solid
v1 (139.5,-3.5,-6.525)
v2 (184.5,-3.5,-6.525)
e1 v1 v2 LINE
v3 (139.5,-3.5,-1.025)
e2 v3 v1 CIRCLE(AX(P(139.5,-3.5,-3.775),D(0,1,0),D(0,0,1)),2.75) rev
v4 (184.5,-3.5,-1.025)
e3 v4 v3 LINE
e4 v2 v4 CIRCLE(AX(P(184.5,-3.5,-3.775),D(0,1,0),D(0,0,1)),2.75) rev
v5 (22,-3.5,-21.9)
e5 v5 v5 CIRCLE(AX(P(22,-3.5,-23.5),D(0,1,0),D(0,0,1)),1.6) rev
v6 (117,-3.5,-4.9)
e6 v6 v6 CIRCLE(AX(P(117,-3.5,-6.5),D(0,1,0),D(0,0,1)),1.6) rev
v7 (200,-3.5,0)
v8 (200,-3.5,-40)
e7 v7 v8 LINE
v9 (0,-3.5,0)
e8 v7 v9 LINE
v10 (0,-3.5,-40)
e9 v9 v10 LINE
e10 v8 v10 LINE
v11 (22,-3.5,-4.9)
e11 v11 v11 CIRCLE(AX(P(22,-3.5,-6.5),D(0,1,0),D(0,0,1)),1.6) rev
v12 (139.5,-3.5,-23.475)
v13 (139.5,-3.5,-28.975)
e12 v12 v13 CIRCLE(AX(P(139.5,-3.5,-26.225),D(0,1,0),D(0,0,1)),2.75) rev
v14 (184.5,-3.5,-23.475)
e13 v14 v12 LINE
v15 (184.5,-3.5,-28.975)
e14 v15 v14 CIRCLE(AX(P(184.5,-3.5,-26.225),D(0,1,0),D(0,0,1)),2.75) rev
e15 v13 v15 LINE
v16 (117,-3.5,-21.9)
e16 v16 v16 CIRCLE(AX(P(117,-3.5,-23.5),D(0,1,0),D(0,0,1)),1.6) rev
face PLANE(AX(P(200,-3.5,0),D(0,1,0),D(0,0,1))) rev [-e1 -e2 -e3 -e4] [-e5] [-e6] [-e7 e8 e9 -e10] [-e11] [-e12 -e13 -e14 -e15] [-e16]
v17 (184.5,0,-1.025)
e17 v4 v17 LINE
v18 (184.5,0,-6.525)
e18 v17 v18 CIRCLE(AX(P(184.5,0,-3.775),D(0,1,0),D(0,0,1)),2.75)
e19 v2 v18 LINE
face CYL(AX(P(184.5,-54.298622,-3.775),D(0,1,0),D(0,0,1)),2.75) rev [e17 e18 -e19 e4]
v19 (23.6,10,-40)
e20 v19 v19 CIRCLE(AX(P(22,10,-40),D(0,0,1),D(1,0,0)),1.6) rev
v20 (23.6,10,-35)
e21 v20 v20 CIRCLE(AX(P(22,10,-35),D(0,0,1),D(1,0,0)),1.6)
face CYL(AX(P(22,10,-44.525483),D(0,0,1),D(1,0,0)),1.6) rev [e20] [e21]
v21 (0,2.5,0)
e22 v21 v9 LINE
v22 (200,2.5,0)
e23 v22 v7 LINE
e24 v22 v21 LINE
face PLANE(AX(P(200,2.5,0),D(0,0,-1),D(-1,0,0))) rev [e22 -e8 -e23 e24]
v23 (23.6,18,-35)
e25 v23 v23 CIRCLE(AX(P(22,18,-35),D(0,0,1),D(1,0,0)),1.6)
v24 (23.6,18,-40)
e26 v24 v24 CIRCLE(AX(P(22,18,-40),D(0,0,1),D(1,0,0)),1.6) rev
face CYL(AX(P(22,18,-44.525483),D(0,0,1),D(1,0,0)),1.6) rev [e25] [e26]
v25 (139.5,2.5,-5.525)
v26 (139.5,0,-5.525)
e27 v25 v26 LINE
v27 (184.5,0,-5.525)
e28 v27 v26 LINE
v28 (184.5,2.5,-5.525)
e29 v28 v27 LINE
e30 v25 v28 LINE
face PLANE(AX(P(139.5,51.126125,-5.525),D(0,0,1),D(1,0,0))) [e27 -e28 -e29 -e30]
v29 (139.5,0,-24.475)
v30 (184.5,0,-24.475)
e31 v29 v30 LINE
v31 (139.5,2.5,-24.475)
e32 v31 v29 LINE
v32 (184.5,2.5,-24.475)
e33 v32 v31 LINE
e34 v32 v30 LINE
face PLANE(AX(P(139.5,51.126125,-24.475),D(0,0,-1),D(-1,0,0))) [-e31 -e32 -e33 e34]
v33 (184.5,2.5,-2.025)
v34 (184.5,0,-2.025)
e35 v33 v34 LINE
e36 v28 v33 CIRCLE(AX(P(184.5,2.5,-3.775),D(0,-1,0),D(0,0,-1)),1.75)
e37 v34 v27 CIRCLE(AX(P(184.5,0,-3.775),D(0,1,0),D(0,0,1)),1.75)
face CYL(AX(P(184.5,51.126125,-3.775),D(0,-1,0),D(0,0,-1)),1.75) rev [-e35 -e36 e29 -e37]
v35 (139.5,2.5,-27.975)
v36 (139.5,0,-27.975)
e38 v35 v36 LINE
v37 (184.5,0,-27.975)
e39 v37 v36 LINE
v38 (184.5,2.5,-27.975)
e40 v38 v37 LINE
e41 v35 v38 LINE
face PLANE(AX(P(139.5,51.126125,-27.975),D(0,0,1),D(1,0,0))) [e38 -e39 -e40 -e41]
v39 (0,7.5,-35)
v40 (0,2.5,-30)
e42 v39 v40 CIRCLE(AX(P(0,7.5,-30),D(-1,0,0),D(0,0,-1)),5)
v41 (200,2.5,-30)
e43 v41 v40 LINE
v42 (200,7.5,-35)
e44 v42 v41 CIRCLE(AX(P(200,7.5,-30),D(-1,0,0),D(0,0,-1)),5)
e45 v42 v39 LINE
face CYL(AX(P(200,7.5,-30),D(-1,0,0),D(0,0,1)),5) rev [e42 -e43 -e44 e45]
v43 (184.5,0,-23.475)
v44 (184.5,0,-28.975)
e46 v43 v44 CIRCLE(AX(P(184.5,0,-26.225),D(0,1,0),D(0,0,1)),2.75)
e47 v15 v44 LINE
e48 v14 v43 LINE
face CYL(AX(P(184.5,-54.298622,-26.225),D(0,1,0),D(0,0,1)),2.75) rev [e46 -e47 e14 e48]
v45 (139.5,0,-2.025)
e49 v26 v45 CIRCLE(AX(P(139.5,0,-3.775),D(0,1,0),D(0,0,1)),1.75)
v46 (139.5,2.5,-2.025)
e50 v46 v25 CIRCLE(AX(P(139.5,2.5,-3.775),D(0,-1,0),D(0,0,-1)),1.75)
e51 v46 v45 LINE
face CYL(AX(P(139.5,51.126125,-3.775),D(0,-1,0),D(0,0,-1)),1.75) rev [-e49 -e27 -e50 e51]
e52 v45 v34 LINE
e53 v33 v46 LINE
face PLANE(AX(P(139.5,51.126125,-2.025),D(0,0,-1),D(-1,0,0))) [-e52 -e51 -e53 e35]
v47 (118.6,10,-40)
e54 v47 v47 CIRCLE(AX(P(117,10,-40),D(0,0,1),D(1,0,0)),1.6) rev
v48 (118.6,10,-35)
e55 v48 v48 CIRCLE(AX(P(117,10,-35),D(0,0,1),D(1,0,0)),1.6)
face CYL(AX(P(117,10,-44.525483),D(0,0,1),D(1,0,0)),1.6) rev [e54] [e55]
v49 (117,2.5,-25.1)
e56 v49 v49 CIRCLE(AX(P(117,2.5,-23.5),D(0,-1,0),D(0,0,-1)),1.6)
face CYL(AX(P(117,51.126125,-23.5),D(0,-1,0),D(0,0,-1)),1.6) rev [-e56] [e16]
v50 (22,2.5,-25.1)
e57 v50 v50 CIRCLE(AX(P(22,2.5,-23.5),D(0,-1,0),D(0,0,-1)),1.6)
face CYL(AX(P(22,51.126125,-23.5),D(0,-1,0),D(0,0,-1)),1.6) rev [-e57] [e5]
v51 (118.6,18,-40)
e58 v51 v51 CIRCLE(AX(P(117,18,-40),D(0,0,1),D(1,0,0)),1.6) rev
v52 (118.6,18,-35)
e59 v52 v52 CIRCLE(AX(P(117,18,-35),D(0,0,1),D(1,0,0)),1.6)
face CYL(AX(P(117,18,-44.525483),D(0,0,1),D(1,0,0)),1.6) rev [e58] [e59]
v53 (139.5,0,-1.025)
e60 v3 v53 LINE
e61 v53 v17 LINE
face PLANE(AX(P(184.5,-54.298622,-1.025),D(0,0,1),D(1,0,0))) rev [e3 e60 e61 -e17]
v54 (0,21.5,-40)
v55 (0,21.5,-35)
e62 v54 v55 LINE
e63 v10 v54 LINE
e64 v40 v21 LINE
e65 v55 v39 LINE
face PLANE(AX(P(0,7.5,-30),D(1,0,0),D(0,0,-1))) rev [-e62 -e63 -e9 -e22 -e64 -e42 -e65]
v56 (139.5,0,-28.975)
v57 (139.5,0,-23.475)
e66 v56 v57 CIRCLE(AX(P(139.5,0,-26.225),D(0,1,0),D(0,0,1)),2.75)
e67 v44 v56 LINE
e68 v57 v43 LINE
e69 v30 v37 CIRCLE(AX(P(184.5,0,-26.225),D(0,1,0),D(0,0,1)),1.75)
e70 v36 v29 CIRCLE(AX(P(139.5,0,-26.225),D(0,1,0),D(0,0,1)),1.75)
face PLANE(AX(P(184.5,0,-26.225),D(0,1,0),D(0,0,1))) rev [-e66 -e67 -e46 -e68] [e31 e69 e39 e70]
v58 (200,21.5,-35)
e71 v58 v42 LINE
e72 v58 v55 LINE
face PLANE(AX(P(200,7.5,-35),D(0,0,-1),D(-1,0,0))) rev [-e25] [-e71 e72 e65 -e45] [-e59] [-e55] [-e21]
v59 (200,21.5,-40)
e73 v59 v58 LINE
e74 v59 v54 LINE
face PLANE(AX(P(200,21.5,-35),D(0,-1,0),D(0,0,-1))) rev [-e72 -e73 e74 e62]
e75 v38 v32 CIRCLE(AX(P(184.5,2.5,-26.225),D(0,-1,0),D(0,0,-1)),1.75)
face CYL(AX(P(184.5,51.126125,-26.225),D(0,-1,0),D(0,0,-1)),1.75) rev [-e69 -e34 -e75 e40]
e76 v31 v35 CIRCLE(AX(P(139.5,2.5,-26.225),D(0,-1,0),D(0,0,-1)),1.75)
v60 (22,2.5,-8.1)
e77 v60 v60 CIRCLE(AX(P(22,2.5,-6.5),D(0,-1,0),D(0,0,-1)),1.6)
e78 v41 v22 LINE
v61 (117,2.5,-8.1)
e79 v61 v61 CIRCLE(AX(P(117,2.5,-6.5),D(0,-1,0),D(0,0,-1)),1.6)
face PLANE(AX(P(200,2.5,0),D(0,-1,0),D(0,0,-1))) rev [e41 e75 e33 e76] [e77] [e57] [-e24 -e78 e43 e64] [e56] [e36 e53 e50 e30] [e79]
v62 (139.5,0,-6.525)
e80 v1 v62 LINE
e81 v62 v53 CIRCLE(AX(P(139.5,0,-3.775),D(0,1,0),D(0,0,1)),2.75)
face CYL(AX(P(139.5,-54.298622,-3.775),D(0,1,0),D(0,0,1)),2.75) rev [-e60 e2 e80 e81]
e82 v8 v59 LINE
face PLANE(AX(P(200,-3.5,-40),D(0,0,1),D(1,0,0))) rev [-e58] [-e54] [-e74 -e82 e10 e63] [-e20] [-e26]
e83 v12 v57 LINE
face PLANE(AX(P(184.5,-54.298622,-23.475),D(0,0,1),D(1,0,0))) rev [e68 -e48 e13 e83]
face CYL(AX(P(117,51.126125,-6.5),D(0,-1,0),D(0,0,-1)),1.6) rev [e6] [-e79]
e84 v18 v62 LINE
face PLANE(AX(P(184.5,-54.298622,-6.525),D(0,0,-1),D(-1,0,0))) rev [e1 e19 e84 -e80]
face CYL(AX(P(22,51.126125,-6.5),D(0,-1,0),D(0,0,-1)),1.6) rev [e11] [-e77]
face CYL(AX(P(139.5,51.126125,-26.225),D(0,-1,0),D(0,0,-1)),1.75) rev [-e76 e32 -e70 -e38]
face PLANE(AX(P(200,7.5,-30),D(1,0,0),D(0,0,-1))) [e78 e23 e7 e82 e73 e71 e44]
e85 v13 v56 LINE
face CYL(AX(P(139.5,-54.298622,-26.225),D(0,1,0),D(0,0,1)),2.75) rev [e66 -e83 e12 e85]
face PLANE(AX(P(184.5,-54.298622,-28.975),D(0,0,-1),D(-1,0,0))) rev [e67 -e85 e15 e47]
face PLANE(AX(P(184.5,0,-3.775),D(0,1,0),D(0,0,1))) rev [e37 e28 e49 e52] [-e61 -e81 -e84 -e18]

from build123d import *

# Parameters (mm, degrees)
BOSS_EXTRUDE8_DEPTH = 200
SKETCH4_R           = 1.6
CUT_EXTRUDE1_DEPTH  = 2.5
CUT_EXTRUDE2_START  = -3.5
SKETCH5_R           = 1.6
CUT_EXTRUDE2_DEPTH  = 3.5
SKETCH7_R           = 1.6
CUT_EXTRUDE3_DEPTH  = 5


with BuildPart() as part:
    # Sketch6 → Boss-Extrude8 (new body)
    with BuildSketch(Plane(origin=(0, 0, 0), x_dir=(0, 0, -1), z_dir=(1, 0, 0))):
        with BuildLine():
            Line((0, 2.5), (30, 2.5))
            ThreePointArc((30, 2.5), (33.535533906, 3.964466094), (35, 7.5))
            Line((35, 7.5), (35, 21.5))
            Line((35, 21.5), (40, 21.5))
            Line((40, 21.5), (40, -3.5))
            Line((40, -3.5), (0, -3.5))
            Line((0, -3.5), (0, 2.5))
        make_face()
    extrude(amount=BOSS_EXTRUDE8_DEPTH)

    # Sketch4 → Cut-Extrude1 (cut)
    with BuildSketch(Plane(origin=(0, 0, 0), x_dir=(1, 0, 0), z_dir=(0, 1, 0))):
        with Locations(Location((22, 23.5, 0), (0, 0, 90))):
            Circle(SKETCH4_R)
        with Locations(Location((22, 6.5, 0), (0, 0, 90))):
            Circle(SKETCH4_R)
        with Locations(Location((117, 23.5, 0), (0, 0, 90))):
            Circle(SKETCH4_R)
        with Locations(Location((117, 6.5, 0), (0, 0, 90))):
            Circle(SKETCH4_R)
        with BuildLine():
            Line((139.5, 27.975), (184.5, 27.975))
            ThreePointArc((184.5, 27.975), (186.25, 26.225), (184.5, 24.475))
            Line((184.5, 24.475), (139.5, 24.475))
            ThreePointArc((139.5, 24.475), (137.75, 26.225), (139.5, 27.975))
        make_face()
        with BuildLine():
            Line((139.5, 5.525), (184.5, 5.525))
            ThreePointArc((184.5, 5.525), (186.25, 3.775), (184.5, 2.025))
            Line((184.5, 2.025), (139.5, 2.025))
            ThreePointArc((139.5, 2.025), (137.75, 3.775), (139.5, 5.525))
        make_face()
    extrude(amount=CUT_EXTRUDE1_DEPTH, mode=Mode.SUBTRACT)

    # Sketch5 → Cut-Extrude2 (cut)
    with BuildSketch(Plane(origin=(0, 0, 0), x_dir=(1, 0, 0), z_dir=(0, 1, 0)).offset(CUT_EXTRUDE2_START)):
        with Locations(Location((22, 23.5, 0), (0, 0, 90))):
            Circle(SKETCH5_R)
        with Locations(Location((22, 6.5, 0), (0, 0, 90))):
            Circle(SKETCH5_R)
        with Locations(Location((117, 23.5, 0), (0, 0, 90))):
            Circle(SKETCH5_R)
        with Locations(Location((117, 6.5, 0), (0, 0, 90))):
            Circle(SKETCH5_R)
        with BuildLine():
            Line((184.5, 23.475), (139.5, 23.475))
            ThreePointArc((139.5, 23.475), (136.75, 26.225), (139.5, 28.975))
            Line((139.5, 28.975), (184.5, 28.975))
            ThreePointArc((184.5, 28.975), (187.25, 26.225), (184.5, 23.475))
        make_face()
        with BuildLine():
            Line((184.5, 1.025), (139.5, 1.025))
            ThreePointArc((139.5, 1.025), (136.75, 3.775), (139.5, 6.525))
            Line((139.5, 6.525), (184.5, 6.525))
            ThreePointArc((184.5, 6.525), (187.25, 3.775), (184.5, 1.025))
        make_face()
    extrude(amount=CUT_EXTRUDE2_DEPTH, mode=Mode.SUBTRACT)

    # Sketch7 → Cut-Extrude3 (cut)
    with BuildSketch(Plane.XY.offset(-35)):
        with Locations((22, 10)):
            Circle(SKETCH7_R)
        with Locations((22, 18)):
            Circle(SKETCH7_R)
        with Locations((117, 10)):
            Circle(SKETCH7_R)
        with Locations((117, 18)):
            Circle(SKETCH7_R)
    extrude(amount=-CUT_EXTRUDE3_DEPTH, mode=Mode.SUBTRACT)


solid = part.part
